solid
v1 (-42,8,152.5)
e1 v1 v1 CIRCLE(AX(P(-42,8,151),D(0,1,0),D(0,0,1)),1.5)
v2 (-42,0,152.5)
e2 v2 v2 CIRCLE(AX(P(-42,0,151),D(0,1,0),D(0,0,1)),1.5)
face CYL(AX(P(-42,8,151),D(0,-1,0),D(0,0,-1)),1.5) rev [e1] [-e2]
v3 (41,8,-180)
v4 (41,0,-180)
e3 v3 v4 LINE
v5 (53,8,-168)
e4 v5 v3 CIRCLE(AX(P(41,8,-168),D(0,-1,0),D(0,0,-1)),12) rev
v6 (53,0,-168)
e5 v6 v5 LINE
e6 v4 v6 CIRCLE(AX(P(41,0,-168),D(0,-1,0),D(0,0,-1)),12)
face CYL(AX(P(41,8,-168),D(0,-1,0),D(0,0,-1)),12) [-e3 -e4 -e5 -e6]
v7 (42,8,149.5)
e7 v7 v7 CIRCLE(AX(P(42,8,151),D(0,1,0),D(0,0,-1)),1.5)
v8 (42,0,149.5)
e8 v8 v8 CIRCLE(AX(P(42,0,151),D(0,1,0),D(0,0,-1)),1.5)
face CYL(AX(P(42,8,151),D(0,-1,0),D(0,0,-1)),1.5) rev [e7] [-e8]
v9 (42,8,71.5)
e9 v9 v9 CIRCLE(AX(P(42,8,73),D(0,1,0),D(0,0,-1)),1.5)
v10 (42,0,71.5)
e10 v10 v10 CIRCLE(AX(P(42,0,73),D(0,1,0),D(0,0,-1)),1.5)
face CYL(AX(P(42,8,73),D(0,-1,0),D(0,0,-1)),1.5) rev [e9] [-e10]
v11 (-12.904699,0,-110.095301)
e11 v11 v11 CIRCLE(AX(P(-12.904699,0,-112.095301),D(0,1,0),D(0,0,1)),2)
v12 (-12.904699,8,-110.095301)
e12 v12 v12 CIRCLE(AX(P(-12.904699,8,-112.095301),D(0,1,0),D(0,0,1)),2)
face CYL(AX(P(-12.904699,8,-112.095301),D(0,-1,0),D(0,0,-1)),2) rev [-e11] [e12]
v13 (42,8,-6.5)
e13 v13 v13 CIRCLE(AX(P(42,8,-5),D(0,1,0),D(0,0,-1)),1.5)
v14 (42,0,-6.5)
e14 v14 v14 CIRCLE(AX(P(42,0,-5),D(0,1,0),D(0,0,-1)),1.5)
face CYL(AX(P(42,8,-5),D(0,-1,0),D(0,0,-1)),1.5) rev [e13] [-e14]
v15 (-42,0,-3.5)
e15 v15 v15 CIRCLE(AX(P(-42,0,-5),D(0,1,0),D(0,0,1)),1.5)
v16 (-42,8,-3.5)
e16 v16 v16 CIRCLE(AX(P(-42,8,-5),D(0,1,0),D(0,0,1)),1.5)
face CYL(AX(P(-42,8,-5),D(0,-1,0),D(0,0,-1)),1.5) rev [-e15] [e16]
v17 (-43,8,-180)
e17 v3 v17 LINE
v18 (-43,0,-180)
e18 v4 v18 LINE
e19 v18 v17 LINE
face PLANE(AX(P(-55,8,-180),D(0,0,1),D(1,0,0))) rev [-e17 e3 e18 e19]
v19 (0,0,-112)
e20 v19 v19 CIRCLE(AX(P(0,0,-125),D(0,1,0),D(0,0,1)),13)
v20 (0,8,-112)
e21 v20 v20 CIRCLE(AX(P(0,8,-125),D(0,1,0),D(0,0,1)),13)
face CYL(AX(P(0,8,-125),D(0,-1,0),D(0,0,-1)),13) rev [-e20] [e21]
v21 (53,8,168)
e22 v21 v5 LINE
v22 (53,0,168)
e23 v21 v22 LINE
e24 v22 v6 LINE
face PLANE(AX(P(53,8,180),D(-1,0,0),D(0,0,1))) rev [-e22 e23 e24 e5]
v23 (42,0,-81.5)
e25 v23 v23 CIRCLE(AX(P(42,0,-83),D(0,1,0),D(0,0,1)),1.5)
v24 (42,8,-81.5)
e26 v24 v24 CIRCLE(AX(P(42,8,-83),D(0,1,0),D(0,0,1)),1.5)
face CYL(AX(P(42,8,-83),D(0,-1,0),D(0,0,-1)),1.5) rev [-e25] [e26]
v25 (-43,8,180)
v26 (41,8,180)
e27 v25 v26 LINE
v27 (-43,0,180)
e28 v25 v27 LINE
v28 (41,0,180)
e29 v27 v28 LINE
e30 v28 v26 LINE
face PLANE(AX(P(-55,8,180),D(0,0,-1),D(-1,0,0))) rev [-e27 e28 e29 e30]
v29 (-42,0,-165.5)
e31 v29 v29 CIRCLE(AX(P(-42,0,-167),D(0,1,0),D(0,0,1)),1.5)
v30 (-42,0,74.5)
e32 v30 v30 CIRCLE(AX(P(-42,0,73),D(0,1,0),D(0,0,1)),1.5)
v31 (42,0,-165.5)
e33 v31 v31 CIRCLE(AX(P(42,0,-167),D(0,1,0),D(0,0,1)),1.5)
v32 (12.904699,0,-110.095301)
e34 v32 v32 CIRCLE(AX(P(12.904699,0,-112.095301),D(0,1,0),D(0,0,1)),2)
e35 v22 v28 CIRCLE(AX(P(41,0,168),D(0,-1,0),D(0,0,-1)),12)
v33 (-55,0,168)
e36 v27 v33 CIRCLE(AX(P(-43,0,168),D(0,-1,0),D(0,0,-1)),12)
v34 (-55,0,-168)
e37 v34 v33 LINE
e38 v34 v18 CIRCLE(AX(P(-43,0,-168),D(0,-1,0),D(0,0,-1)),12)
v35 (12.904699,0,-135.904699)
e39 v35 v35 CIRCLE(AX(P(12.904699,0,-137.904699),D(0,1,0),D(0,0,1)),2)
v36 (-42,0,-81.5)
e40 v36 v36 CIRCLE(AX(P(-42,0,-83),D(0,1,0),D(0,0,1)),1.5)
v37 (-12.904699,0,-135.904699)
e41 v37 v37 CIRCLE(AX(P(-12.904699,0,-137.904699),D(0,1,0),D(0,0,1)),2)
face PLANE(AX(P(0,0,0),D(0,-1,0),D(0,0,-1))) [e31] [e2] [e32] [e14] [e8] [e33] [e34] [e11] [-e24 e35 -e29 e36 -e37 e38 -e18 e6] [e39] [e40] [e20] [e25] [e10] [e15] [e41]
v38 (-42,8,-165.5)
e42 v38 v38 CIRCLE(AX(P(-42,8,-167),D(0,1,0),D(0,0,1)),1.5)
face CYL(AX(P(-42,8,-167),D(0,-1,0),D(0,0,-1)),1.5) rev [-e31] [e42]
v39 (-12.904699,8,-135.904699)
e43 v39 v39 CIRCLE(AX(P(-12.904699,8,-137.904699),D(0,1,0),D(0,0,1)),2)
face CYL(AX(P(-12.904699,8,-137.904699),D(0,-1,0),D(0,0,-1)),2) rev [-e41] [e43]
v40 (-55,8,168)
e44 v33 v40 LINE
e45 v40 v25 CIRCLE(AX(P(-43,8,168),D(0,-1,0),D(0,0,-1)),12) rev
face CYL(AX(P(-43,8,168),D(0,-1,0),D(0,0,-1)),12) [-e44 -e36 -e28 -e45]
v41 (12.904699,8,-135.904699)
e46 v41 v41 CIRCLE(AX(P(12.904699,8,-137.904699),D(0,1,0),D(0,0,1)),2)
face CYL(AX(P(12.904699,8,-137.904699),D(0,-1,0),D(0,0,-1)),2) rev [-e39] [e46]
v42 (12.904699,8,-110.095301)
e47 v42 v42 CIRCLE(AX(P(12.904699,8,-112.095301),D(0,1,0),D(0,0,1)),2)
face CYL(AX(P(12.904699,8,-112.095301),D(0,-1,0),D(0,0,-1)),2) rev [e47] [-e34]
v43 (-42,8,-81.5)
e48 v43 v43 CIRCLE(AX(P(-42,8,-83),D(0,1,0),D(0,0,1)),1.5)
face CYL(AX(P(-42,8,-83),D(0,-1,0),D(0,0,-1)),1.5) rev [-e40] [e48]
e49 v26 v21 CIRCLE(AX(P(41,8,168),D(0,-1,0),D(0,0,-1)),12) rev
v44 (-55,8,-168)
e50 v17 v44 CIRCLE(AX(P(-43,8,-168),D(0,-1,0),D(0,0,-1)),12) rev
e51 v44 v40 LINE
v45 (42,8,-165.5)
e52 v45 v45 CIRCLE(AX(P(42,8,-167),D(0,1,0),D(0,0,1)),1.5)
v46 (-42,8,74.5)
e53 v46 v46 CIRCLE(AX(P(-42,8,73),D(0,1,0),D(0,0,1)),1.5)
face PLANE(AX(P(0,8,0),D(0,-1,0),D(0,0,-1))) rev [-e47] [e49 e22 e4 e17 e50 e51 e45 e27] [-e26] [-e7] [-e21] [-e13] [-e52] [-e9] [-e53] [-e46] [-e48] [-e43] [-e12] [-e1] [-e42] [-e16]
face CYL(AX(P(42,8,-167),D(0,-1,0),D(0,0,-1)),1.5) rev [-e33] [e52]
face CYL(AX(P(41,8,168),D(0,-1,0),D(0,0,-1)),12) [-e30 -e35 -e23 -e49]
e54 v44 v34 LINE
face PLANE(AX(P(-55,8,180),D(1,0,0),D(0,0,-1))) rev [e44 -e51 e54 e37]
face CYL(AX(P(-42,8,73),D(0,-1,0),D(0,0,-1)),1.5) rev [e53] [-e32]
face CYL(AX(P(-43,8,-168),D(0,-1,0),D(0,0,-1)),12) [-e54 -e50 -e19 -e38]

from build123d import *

# Parameters (mm, degrees)
SKETCH1_W           = 108
SKETCH1_H           = 360
SKETCH1_R           = 13
SKETCH1_R_2         = 1.5
SKETCH1_R_3         = 2
BOSS_EXTRUDE1_DEPTH = 8
FILLET1_R           = 12


with BuildPart() as part:
    # Sketch1 → Boss-Extrude1 (new body)
    with BuildSketch(Plane(origin=(0, 0, 0), x_dir=(1, 0, 0), z_dir=(0, 1, 0))):
        with Locations((-1, 0)):
            Rectangle(SKETCH1_W, SKETCH1_H)
        with Locations(Location((0, 125, 0), (0, 0, 270))):
            Circle(SKETCH1_R, mode=Mode.SUBTRACT)
        with Locations(Location((-42, 83, 0), (0, 0, 270))):
            Circle(SKETCH1_R_2, mode=Mode.SUBTRACT)
        with Locations(Location((-42, 167, 0), (0, 0, 270))):
            Circle(SKETCH1_R_2, mode=Mode.SUBTRACT)
        with Locations(Location((42, 167, 0), (0, 0, 270))):
            Circle(SKETCH1_R_2, mode=Mode.SUBTRACT)
        with Locations(Location((42, 83, 0), (0, 0, 270))):
            Circle(SKETCH1_R_2, mode=Mode.SUBTRACT)
        with Locations(Location((-12.904698757, 112.095301243, 0), (0, 0, 270))):
            Circle(SKETCH1_R_3, mode=Mode.SUBTRACT)
        with Locations(Location((-12.904698757, 137.904698757, 0), (0, 0, 270))):
            Circle(SKETCH1_R_3, mode=Mode.SUBTRACT)
        with Locations(Location((12.904698757, 137.904698757, 0), (0, 0, 270))):
            Circle(SKETCH1_R_3, mode=Mode.SUBTRACT)
        with Locations(Location((12.904698757, 112.095301243, 0), (0, 0, 270))):
            Circle(SKETCH1_R_3, mode=Mode.SUBTRACT)
        with Locations(Location((-42, 5, 0), (0, 0, 270))):
            Circle(SKETCH1_R_2, mode=Mode.SUBTRACT)
        with Locations(Location((-42, -73, 0), (0, 0, 270))):
            Circle(SKETCH1_R_2, mode=Mode.SUBTRACT)
        with Locations(Location((-42, -151, 0), (0, 0, 270))):
            Circle(SKETCH1_R_2, mode=Mode.SUBTRACT)
        with Locations(Location((42, -151, 0), (0, 0, 90))):
            Circle(SKETCH1_R_2, mode=Mode.SUBTRACT)
        with Locations(Location((42, -73, 0), (0, 0, 90))):
            Circle(SKETCH1_R_2, mode=Mode.SUBTRACT)
        with Locations(Location((42, 5, 0), (0, 0, 90))):
            Circle(SKETCH1_R_2, mode=Mode.SUBTRACT)
    extrude(amount=BOSS_EXTRUDE1_DEPTH)

    # Fillet1
    fillet1_edges = [part.edges().sort_by_distance(p)[0] for p in [
        (53, 4, 180),
        (-55, 4, 180),
        (-55, 4, -180),
        (53, 4, -180),
    ]]
    fillet(fillet1_edges, radius=FILLET1_R)


solid = part.part
